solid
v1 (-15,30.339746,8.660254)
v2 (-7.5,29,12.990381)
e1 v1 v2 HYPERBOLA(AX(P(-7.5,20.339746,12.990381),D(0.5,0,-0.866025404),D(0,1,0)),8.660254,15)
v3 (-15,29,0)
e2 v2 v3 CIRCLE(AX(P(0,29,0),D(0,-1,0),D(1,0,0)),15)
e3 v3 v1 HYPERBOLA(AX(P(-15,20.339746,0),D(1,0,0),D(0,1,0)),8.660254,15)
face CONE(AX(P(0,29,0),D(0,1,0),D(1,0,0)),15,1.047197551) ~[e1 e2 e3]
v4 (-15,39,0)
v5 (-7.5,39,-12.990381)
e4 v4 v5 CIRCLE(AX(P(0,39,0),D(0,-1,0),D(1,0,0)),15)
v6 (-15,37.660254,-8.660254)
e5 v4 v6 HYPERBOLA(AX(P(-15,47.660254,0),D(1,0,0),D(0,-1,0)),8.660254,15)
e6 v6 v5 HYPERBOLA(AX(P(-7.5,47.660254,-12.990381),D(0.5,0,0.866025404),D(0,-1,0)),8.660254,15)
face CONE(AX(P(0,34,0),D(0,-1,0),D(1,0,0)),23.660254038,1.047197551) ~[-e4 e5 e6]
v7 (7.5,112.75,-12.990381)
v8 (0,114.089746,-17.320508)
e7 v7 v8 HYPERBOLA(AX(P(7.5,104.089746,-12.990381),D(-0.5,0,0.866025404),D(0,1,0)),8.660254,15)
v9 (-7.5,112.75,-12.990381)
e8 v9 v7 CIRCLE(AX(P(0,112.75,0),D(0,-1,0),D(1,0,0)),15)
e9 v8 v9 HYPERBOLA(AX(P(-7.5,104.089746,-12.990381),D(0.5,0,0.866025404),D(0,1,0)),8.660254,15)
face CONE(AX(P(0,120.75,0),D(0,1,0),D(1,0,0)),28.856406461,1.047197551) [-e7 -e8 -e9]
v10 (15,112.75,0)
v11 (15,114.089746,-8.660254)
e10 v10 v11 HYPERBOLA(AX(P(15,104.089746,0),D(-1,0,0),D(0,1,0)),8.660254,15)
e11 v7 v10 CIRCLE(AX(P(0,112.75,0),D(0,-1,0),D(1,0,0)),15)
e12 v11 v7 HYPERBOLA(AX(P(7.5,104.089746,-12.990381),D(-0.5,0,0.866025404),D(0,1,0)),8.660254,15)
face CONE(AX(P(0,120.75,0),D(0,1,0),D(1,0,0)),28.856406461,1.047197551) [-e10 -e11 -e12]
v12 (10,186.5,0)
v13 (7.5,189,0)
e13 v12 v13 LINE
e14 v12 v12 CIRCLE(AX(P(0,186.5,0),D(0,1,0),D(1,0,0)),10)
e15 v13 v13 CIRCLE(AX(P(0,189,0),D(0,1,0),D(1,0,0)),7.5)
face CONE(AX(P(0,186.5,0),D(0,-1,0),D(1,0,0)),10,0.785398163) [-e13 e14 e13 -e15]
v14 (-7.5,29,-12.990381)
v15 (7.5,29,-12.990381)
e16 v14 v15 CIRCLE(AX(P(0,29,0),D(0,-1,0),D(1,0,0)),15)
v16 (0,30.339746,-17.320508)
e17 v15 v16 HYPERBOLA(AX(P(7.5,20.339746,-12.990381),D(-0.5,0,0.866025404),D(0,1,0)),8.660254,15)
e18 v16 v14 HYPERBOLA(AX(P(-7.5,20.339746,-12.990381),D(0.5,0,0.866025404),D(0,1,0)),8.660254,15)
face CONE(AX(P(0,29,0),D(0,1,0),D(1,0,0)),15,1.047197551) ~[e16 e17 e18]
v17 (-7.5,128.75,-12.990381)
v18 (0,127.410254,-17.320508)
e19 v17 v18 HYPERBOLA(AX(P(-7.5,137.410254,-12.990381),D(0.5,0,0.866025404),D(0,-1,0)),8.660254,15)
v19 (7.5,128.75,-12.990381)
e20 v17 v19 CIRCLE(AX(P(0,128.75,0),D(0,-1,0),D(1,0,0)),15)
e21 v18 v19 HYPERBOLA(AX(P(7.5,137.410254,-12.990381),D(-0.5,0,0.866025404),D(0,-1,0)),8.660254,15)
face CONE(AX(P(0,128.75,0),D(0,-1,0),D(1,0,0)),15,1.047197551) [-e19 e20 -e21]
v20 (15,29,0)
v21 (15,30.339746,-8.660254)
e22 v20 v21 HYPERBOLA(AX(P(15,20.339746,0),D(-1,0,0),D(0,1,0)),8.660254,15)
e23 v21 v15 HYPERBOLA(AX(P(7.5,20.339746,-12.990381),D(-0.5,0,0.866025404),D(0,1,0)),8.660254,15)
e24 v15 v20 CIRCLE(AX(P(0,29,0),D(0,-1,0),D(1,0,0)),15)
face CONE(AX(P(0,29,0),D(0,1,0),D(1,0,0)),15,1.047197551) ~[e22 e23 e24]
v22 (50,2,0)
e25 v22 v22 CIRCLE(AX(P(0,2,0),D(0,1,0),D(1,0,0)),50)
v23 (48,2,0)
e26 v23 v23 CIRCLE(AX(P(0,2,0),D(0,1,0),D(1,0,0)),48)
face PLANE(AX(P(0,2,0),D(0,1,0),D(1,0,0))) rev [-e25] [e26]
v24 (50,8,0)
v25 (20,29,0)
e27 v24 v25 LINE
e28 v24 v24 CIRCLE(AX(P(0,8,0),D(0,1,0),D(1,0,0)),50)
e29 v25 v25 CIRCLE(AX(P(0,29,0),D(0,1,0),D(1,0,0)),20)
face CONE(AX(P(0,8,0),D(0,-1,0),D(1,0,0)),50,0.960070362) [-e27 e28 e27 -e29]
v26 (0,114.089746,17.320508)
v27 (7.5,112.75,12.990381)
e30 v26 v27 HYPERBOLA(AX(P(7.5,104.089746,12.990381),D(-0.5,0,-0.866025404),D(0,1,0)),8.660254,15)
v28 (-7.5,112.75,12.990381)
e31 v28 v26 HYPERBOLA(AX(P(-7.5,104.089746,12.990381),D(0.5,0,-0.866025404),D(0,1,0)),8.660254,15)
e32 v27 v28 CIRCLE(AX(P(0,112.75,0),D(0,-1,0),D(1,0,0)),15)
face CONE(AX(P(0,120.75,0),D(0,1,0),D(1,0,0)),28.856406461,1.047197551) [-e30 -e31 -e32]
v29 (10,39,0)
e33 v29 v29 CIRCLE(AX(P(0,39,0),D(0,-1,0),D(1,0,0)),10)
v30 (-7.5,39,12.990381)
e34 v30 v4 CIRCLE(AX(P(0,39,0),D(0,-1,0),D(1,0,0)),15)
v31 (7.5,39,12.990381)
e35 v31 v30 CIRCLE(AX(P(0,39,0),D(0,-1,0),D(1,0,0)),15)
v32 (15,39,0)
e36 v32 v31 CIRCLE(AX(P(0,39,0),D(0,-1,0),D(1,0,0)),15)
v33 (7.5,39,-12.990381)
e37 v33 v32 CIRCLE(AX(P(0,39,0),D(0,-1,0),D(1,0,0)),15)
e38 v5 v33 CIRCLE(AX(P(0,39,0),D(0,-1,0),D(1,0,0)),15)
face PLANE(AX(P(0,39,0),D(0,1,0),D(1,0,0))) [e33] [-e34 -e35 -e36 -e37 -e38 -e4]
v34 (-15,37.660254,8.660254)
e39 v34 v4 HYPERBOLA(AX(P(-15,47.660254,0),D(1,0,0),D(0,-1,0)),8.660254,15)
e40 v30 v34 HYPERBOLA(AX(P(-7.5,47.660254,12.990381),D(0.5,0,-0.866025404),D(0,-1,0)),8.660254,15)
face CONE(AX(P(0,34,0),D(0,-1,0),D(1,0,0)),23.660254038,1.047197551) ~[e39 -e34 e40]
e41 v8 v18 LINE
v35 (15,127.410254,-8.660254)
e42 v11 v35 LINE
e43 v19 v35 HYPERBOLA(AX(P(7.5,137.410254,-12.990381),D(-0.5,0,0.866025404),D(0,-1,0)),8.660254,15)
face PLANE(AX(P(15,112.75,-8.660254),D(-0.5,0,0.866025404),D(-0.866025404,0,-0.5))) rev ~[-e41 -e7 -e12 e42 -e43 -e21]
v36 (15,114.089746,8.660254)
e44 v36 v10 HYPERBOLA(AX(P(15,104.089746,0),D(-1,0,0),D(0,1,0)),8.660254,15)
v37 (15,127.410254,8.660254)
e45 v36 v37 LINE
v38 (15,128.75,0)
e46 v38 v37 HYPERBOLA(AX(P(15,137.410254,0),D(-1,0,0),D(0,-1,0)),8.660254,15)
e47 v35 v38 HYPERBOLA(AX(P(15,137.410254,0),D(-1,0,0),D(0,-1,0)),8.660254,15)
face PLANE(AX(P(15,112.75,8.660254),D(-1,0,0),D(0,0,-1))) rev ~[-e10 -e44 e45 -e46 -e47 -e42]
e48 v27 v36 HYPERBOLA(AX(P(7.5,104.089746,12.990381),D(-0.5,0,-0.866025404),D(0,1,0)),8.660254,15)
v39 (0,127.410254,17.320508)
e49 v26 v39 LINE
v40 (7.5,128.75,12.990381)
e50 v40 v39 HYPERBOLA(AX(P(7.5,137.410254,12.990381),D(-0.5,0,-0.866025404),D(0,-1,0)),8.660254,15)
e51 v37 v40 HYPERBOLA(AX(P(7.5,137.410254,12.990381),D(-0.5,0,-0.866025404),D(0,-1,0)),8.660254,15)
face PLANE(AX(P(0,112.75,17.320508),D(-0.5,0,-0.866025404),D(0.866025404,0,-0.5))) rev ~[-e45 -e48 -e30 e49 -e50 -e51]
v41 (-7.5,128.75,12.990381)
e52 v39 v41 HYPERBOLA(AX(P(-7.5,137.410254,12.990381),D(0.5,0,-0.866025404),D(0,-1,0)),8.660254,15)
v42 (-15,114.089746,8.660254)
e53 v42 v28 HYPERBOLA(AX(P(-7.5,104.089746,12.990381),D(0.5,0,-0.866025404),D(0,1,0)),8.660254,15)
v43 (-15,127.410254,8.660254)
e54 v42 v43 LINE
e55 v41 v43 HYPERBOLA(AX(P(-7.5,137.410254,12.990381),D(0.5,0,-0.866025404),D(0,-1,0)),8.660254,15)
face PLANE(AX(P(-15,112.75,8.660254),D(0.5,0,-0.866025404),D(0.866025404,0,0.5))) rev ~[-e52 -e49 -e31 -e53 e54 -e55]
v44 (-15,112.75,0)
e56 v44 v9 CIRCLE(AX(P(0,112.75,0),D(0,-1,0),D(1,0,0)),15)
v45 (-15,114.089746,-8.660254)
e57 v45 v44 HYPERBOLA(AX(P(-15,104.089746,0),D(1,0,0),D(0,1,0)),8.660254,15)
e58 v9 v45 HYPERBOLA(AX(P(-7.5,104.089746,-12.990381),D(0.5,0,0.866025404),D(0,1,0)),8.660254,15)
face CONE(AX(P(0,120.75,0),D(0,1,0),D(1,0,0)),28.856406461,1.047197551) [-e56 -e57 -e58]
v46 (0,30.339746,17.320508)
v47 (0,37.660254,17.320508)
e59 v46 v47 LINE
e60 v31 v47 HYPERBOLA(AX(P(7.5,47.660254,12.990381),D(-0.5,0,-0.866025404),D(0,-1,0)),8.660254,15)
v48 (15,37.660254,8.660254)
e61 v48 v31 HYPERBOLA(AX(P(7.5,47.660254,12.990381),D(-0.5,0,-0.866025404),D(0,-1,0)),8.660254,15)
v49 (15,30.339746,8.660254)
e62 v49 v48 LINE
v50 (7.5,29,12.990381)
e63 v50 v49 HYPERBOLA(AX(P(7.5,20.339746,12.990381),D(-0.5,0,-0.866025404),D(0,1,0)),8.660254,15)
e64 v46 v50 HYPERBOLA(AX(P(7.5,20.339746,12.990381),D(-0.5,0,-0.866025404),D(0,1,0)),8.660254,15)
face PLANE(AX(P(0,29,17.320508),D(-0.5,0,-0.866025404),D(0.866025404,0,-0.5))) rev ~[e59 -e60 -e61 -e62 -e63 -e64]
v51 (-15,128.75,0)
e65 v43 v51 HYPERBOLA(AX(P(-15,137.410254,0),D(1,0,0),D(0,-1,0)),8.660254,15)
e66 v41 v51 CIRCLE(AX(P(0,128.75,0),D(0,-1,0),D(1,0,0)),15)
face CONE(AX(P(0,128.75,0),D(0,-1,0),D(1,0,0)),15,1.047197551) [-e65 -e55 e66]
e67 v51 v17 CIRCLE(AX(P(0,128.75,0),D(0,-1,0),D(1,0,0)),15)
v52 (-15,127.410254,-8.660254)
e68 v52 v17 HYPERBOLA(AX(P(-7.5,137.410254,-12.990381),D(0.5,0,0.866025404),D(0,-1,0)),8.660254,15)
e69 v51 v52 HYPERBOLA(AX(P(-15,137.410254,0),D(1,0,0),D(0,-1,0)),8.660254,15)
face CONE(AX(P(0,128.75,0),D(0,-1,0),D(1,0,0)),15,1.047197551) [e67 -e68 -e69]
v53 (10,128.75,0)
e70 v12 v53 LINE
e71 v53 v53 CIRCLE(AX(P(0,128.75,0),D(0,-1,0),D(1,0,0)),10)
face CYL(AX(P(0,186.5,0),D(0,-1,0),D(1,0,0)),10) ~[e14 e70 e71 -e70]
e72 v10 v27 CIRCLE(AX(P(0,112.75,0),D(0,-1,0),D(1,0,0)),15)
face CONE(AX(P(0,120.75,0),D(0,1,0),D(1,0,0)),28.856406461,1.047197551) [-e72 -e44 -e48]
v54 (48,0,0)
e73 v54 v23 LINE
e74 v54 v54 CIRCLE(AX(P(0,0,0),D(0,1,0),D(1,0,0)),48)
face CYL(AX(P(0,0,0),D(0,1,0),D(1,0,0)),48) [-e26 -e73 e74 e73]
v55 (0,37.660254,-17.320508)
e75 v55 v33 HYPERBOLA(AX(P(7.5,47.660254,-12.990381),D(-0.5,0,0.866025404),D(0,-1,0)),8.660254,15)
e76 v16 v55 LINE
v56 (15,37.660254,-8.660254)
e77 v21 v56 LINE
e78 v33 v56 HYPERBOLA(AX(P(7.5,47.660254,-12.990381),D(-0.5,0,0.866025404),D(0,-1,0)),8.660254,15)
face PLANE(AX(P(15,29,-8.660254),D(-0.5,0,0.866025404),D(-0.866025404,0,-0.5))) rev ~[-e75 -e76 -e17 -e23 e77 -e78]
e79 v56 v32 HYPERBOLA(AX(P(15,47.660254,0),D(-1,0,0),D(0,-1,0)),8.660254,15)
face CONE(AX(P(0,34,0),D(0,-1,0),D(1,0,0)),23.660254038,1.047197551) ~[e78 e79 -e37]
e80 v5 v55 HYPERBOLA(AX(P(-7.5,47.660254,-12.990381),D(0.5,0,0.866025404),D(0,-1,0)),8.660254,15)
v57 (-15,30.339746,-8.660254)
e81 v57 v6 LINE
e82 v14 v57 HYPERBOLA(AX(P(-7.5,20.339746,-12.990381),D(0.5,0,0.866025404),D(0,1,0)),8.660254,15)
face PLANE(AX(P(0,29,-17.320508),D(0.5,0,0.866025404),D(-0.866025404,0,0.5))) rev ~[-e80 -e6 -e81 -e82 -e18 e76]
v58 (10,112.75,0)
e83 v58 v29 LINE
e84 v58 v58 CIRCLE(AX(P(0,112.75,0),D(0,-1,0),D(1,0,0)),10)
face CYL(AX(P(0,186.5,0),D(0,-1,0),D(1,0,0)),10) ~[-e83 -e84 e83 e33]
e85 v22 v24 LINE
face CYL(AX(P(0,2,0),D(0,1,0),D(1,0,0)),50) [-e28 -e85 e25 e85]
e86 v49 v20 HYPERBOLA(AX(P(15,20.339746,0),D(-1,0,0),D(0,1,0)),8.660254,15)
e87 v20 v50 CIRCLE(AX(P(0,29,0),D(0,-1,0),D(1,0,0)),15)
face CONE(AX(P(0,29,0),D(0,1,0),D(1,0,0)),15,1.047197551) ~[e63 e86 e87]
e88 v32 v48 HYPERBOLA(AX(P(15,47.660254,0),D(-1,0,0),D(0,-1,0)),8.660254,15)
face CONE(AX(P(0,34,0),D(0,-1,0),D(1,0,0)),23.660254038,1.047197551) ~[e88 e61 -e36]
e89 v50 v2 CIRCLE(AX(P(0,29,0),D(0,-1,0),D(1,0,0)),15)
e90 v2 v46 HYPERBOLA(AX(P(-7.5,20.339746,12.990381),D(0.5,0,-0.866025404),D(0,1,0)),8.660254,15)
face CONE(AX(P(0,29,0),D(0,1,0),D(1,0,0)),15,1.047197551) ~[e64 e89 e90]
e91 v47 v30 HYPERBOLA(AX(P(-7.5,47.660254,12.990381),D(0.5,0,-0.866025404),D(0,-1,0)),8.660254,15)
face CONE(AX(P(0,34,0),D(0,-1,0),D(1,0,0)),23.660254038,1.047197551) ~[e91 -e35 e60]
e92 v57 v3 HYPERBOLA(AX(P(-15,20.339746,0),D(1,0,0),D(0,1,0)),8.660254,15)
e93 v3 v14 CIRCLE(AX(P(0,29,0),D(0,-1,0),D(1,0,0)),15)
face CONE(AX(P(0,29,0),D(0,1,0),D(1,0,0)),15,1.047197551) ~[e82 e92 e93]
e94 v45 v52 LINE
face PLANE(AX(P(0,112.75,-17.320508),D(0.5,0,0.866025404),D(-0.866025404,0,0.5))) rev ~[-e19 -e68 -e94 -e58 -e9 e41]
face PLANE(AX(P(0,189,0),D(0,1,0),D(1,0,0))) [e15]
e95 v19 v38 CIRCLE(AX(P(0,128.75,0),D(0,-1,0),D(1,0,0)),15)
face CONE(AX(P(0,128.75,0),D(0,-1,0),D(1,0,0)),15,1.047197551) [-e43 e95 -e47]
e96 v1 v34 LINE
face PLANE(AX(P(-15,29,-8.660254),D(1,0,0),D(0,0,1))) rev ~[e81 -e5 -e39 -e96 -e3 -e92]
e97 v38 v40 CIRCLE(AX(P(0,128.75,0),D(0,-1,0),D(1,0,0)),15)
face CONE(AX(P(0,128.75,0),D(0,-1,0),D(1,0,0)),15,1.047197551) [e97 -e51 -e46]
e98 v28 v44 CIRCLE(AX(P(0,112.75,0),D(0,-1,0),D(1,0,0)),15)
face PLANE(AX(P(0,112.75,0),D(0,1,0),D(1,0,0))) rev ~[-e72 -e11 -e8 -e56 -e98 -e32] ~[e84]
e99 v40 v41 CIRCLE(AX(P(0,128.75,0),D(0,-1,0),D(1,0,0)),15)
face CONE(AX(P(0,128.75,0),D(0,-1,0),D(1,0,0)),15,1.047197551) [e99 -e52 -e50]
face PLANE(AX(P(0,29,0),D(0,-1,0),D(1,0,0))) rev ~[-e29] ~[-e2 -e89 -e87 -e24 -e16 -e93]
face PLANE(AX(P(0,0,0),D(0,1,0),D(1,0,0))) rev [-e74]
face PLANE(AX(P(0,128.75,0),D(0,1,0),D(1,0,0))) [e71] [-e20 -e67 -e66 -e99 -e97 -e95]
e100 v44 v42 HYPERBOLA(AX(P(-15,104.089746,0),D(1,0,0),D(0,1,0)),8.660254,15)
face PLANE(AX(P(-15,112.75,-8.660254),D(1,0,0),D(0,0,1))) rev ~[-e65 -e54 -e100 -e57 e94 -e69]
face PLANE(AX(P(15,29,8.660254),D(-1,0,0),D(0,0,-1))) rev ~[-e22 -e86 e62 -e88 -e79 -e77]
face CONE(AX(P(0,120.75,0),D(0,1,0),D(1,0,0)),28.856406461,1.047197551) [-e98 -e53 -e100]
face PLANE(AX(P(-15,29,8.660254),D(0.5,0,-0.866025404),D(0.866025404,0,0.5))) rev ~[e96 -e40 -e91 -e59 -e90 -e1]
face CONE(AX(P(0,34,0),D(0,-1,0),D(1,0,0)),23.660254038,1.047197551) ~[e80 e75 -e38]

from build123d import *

# Parameters (mm, degrees)
EXTRUDE_1_DEPTH = 10
EXTRUDE_2_DEPTH = 16


with BuildPart() as part:
    # Эскиз1 → Повернуть1 (revolve)
    with BuildSketch(Plane.XY, mode=Mode.PRIVATE) as revolve_1_sk:
        Polygon((0, 0), (-48, 0), (-48, 2), (-50, 2), (-50, 8), (-20, 29), (-10, 29), (-10, 39), (-10, 186.5), (-7.5, 189), (0, 189), align=None)
    revolve(revolve_1_sk.sketch.rotate(Axis((0, 0, 0), (0, 1, 0)), 180), axis=Axis((0, 0, 0), (0, 1, 0)))  # turned: the seam where the file's is

    # Эскиз2 → Бобышка-Вытянуть1 (add)
    with BuildSketch(Plane(origin=(0, 29, 0), x_dir=(1, 0, 0), z_dir=(0, 1, 0))):
        Polygon((0, 17.320508076), (-15, 8.660254038), (-15, -8.660254038), (0, -17.320508076), (15, -8.660254038), (15, 8.660254038), align=None)
    extrude(amount=EXTRUDE_1_DEPTH)

    # Эскиз3 → Бобышка-Вытянуть2 (add)
    with BuildSketch(Plane(origin=(0, 112.75, 0), x_dir=(1, 0, 0), z_dir=(0, 1, 0))):
        Polygon((15, 8.660254038), (0, 17.320508076), (-15, 8.660254038), (-15, -8.660254038), (0, -17.320508076), (15, -8.660254038), align=None)
    extrude(amount=EXTRUDE_2_DEPTH)

    # Эскиз4 → Вырез-Повернуть2 (revolve, cut)
    with BuildSketch(Plane.XY, mode=Mode.PRIVATE) as cut_revolve_2_sk:
        Polygon((-28.856406461, 128.75), (-15, 128.75), (-28.856406461, 120.75), align=None)
        Polygon((-28.856406461, 112.75), (-28.856406461, 120.75), (-15, 112.75), align=None)
        Polygon((-23.660254038, 39), (-23.660254038, 34), (-15, 39), align=None)
        Polygon((-23.660254038, 34), (-23.660254038, 29), (-15, 29), align=None)
    revolve(cut_revolve_2_sk.sketch.rotate(Axis((0, 189, 0), (0, -1, 0)), 180), axis=Axis((0, 189, 0), (0, -1, 0)), mode=Mode.SUBTRACT)  # turned: the seam where the file's is


solid = part.part
